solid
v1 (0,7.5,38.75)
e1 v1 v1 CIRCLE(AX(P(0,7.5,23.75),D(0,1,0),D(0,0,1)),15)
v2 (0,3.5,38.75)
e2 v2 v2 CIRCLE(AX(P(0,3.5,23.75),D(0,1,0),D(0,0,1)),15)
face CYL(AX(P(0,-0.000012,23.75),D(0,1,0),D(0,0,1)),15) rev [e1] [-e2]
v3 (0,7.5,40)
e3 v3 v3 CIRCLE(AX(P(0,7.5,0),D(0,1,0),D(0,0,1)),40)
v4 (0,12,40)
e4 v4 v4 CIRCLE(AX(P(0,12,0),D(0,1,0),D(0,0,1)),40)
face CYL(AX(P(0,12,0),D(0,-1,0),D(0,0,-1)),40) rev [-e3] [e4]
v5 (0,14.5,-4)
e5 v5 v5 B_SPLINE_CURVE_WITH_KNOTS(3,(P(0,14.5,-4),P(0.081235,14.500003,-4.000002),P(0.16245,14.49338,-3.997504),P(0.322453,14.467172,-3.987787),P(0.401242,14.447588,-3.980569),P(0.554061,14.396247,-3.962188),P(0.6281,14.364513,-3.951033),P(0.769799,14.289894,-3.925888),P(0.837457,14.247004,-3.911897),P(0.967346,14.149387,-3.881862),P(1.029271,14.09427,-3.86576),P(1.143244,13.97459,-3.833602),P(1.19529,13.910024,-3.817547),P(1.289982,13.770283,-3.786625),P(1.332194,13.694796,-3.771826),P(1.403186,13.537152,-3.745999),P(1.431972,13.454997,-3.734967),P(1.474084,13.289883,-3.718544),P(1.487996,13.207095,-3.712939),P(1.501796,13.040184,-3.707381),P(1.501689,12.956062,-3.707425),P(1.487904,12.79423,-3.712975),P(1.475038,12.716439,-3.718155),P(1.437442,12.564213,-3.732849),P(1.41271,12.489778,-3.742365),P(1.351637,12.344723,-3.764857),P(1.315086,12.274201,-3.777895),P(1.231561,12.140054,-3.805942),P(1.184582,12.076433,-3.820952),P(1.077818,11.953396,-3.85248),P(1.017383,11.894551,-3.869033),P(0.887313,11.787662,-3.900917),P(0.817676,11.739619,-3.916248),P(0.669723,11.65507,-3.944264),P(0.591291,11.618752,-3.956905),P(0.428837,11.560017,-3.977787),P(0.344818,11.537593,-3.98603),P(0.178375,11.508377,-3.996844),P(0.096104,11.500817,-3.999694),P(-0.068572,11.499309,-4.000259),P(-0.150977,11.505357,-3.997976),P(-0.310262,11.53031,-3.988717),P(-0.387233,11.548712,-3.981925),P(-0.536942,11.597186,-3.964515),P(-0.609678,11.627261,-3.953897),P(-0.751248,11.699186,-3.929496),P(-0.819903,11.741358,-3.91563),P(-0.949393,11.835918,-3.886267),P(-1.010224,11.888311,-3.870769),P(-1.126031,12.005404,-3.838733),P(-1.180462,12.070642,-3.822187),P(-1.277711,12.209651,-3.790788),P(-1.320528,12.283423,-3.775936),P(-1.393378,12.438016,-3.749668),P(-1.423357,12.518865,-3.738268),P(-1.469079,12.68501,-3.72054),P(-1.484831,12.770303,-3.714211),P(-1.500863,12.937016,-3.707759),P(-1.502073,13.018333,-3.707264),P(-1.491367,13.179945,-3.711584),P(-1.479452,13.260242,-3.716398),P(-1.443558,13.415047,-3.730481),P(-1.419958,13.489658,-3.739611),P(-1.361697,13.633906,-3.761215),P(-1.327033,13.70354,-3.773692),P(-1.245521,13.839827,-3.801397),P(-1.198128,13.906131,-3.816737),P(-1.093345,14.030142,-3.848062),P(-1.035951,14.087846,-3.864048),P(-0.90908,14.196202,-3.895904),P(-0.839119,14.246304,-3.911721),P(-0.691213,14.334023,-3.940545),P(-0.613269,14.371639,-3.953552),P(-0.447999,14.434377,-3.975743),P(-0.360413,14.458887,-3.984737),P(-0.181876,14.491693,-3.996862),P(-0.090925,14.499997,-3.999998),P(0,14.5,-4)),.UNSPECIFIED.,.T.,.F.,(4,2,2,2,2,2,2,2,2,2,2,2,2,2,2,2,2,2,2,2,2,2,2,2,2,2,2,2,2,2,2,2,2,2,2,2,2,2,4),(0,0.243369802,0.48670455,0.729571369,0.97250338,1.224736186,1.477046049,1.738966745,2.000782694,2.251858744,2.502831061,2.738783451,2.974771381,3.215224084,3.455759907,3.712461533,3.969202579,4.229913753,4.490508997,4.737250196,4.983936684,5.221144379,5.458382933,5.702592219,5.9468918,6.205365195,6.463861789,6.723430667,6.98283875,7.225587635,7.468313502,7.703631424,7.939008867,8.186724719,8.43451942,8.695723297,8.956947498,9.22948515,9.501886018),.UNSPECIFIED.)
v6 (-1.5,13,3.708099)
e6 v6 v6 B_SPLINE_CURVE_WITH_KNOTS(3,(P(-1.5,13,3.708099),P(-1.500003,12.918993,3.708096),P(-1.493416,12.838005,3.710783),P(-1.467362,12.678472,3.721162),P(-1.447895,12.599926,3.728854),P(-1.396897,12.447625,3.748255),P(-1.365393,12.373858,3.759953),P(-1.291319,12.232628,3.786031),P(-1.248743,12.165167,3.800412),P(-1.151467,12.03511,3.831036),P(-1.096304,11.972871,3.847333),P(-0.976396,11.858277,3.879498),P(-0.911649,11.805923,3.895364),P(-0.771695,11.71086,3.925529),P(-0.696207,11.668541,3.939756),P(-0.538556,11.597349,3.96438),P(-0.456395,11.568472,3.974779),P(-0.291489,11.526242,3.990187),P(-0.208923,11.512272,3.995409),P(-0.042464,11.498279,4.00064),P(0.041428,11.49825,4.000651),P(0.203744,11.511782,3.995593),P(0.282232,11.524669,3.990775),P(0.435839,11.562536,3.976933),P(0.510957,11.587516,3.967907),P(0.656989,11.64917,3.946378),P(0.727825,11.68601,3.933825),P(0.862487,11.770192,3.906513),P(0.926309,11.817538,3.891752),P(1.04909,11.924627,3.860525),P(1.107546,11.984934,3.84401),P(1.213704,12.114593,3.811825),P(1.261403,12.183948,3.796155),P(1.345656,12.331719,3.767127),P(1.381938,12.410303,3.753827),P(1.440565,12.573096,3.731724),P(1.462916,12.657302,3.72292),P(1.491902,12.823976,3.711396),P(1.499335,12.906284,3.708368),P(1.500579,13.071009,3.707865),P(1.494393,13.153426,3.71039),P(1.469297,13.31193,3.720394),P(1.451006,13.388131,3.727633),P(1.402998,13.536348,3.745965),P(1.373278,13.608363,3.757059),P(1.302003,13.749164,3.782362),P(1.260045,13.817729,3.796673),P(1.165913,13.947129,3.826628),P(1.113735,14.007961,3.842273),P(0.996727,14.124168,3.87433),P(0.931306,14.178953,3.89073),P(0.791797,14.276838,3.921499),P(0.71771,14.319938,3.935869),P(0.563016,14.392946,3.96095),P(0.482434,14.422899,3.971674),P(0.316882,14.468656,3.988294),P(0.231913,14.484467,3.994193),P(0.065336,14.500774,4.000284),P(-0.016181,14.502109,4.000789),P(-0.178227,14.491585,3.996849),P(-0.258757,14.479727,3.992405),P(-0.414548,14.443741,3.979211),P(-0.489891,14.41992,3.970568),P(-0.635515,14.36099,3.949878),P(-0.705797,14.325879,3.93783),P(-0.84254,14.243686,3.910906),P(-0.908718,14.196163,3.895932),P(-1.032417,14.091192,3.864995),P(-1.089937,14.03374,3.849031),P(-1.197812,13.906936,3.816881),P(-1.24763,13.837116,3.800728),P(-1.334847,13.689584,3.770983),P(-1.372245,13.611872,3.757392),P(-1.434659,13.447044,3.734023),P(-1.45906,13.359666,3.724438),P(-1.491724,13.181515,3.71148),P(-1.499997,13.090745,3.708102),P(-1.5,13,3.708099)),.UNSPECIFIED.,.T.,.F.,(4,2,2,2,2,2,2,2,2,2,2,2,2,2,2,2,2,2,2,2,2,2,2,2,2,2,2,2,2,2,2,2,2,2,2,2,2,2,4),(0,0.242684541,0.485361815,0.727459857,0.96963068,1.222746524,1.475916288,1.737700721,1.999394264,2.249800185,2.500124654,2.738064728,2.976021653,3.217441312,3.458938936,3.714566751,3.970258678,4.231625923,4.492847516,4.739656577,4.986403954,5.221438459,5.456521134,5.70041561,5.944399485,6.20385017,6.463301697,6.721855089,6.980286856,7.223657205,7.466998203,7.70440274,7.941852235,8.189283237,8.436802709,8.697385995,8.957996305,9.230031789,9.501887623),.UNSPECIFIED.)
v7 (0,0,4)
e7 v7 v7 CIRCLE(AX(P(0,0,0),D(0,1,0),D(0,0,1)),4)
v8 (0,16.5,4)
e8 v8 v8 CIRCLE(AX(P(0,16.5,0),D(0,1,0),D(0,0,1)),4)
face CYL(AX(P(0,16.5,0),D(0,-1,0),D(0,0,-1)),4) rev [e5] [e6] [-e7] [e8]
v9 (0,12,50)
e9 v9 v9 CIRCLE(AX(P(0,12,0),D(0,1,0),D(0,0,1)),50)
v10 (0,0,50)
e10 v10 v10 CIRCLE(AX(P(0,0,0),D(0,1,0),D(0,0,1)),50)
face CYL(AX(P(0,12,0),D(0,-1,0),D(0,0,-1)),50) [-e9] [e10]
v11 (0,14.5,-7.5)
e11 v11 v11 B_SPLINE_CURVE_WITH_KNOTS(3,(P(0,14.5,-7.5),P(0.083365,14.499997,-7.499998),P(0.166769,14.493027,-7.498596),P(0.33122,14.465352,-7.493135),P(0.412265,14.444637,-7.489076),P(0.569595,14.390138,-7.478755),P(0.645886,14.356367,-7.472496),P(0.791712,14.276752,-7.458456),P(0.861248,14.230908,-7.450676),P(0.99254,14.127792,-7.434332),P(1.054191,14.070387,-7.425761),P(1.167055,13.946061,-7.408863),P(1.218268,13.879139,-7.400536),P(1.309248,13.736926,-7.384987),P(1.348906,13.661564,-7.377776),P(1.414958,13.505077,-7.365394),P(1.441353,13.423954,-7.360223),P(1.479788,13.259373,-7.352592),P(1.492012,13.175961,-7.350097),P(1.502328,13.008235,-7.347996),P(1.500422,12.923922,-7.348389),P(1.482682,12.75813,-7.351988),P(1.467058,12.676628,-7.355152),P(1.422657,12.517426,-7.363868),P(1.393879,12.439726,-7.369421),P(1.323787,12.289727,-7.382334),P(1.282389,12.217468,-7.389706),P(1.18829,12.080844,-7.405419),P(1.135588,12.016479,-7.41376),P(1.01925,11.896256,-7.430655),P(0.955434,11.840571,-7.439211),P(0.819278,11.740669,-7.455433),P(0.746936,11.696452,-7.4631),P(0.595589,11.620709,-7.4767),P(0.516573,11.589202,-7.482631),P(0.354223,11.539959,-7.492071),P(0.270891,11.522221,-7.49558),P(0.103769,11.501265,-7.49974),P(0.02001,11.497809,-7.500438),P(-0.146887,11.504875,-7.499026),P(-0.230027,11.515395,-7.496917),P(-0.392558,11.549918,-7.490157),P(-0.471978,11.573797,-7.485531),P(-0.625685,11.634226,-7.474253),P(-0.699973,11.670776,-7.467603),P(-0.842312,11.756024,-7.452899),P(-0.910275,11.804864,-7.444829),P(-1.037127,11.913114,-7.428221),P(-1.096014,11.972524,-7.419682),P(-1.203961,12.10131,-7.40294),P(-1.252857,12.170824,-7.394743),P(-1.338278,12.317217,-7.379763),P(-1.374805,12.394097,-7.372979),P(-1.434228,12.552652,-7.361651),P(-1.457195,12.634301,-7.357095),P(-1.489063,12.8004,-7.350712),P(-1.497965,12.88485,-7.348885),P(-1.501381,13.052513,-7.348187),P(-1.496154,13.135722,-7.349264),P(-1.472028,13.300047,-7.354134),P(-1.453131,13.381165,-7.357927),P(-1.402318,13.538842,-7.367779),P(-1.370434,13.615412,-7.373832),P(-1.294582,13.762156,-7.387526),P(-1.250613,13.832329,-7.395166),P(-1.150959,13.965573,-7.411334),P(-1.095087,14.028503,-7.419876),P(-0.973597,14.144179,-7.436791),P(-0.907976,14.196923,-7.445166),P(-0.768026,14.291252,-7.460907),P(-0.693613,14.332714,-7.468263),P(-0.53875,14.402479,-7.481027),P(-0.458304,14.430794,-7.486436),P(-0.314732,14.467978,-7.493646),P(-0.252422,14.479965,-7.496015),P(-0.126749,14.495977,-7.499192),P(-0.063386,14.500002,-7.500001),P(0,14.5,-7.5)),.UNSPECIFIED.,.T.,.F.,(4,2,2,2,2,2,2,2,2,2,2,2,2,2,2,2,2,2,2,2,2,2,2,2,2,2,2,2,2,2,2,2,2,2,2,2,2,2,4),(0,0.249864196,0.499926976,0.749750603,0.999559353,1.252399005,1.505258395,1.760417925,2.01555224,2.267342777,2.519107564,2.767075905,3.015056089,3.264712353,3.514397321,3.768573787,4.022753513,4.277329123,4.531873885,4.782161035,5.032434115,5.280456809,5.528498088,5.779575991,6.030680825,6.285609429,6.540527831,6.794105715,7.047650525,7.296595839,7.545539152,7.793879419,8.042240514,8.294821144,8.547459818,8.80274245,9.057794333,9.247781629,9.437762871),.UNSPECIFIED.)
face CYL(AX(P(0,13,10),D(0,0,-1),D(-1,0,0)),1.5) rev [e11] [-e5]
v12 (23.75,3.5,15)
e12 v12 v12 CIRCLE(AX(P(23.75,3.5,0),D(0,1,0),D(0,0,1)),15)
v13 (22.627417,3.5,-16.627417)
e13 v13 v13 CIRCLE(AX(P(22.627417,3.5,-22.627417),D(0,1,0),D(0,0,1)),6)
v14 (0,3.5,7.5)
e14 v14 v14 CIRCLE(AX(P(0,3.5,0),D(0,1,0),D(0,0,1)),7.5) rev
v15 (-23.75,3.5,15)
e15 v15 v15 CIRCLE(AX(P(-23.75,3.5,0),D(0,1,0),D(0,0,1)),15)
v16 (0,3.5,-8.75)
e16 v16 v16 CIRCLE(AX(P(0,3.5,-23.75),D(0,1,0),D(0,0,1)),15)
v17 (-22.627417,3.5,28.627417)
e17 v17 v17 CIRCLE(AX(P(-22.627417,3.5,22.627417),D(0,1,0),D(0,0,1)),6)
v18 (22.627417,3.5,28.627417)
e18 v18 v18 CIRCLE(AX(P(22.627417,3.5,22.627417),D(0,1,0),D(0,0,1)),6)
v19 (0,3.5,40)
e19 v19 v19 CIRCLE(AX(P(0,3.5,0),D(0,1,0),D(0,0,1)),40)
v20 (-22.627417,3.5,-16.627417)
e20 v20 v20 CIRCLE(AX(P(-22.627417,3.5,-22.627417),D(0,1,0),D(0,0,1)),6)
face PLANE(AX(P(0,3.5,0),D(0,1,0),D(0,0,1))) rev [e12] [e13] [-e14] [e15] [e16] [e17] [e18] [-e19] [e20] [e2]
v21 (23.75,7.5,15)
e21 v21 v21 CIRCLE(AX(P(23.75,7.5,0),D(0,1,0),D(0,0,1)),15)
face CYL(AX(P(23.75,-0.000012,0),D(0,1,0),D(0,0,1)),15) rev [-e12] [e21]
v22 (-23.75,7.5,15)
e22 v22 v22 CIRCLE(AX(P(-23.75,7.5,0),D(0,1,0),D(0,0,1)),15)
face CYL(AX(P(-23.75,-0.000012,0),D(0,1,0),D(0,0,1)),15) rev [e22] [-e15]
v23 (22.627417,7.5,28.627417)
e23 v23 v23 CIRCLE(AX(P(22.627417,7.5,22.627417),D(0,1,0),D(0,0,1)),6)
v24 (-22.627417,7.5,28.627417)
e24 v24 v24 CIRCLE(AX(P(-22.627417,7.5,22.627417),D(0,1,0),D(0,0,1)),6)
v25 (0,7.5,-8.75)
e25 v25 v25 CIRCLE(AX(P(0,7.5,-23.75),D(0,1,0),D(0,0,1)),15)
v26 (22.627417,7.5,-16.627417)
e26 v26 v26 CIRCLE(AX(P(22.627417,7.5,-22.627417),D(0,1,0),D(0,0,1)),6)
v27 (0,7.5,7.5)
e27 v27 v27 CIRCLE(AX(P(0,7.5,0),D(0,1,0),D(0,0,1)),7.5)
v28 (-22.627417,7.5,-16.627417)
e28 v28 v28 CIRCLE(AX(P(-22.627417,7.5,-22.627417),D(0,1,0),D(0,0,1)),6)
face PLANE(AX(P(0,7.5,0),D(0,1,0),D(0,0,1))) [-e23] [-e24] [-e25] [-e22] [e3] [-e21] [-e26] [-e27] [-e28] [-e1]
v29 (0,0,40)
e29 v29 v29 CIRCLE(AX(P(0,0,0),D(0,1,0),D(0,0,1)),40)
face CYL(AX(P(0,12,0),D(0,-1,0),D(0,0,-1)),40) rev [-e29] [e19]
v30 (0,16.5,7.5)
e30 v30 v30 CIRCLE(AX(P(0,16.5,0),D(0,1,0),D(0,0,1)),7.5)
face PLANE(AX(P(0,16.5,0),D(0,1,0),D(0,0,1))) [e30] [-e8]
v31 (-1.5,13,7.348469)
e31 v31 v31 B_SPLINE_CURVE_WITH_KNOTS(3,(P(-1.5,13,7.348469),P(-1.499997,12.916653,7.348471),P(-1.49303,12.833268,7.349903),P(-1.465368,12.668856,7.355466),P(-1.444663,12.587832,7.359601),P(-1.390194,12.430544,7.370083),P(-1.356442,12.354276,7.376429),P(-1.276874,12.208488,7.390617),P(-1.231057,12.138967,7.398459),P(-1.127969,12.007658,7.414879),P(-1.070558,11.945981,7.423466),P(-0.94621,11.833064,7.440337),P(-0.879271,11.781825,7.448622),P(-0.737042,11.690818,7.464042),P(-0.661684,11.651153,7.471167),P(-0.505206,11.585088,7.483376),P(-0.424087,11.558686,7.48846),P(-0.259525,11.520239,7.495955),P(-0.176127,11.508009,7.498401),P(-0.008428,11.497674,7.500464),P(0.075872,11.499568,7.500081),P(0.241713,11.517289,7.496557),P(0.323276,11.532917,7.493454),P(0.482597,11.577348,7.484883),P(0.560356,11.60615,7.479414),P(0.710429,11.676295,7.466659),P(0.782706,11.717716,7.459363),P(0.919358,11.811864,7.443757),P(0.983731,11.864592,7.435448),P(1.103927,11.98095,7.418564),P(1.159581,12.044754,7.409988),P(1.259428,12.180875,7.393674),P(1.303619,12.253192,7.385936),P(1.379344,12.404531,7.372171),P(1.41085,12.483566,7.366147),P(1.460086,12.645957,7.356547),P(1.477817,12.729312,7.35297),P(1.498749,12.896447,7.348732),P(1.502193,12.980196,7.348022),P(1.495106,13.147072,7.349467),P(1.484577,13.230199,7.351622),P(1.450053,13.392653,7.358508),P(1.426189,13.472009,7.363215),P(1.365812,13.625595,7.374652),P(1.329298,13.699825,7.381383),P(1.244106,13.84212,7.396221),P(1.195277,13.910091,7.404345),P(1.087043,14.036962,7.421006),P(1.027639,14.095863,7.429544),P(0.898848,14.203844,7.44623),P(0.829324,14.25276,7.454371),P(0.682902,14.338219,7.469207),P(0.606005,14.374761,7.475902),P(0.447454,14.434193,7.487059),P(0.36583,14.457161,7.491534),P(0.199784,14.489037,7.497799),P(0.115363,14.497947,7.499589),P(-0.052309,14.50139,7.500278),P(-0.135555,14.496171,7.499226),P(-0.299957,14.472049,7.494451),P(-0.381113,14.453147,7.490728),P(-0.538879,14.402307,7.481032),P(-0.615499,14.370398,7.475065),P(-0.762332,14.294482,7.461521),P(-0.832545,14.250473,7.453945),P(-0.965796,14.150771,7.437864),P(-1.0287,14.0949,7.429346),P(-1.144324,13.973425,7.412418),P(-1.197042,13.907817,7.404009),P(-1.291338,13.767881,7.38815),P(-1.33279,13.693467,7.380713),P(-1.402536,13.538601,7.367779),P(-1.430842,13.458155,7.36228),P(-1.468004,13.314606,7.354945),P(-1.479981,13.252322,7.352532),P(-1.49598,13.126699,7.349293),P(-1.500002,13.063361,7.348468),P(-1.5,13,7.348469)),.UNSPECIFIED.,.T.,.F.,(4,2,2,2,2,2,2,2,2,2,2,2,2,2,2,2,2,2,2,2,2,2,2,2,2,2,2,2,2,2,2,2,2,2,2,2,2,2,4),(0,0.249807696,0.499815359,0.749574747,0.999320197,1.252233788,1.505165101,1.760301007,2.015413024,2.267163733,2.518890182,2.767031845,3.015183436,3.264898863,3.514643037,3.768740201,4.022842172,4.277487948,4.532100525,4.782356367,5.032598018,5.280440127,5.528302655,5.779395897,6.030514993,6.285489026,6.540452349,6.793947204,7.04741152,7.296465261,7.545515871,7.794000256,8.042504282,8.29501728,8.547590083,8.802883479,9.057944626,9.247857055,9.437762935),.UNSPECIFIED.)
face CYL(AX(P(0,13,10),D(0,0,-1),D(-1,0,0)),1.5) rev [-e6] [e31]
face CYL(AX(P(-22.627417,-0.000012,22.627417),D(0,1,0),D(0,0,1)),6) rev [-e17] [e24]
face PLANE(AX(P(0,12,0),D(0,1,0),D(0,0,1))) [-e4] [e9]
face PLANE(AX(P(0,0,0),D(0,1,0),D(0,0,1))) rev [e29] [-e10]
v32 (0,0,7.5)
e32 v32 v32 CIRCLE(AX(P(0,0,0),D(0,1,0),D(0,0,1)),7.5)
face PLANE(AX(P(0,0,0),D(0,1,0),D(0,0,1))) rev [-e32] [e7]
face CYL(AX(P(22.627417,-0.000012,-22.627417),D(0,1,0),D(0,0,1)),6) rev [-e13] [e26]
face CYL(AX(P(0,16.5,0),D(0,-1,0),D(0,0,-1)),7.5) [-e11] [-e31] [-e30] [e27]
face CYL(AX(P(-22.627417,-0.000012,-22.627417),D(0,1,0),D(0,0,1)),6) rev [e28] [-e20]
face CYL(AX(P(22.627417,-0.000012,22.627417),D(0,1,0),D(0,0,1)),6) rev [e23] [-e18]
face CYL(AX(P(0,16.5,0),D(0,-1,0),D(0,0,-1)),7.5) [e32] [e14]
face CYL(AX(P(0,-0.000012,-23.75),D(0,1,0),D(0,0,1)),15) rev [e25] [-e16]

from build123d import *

# Parameters (mm, degrees)
SKETCH1_R               = 50
SKETCH1_R_2             = 40
BOSS_EXTRUDE1_DEPTH     = 12
SKETCH1_4_R             = 7.5
SKETCH1_4_R_2           = 4
BOSS_EXTRUDE2_DEPTH     = 16.5
BOSS_EXTRUDE3_START     = 3.5
SKETCH1_5_R             = 40
SKETCH1_5_R_2           = 7.5
BOSS_EXTRUDE3_DEPTH     = 4
SKETCH2_R               = 15
SKETCH2_R_2             = 6
CUT_EXTRUDE3_DEPTH      = 17.5
CUT_EXTRUDE3_DEPTH_BACK = 1
SKETCH3_R               = 1.5
CUT_EXTRUDE4_DEPTH      = 10
CUT_EXTRUDE4_DEPTH_BACK = 10


with BuildPart() as part:
    # Sketch1 → Boss-Extrude1 (new body)
    with BuildSketch(Plane(origin=(0, 0, 0), x_dir=(1, 0, 0), z_dir=(0, 1, 0))):
        Circle(SKETCH1_R)
        Circle(SKETCH1_R_2, mode=Mode.SUBTRACT)
    extrude(amount=BOSS_EXTRUDE1_DEPTH)



with BuildPart() as body_2:
    # Sketch1<4> → Boss-Extrude2 (new body)
    with BuildSketch(Plane(origin=(0, 0, 0), x_dir=(1, 0, 0), z_dir=(0, 1, 0))):
        Circle(SKETCH1_4_R)
        Circle(SKETCH1_4_R_2, mode=Mode.SUBTRACT)
    extrude(amount=BOSS_EXTRUDE2_DEPTH)


with BuildPart() as part_1:
    add(part.part)

    add(body_2.part)  # Boss-Extrude3 merges body 2
    # Sketch1<5> → Boss-Extrude3 (add)
    with BuildSketch(Plane(origin=(0, 0, 0), x_dir=(1, 0, 0), z_dir=(0, 1, 0)).offset(BOSS_EXTRUDE3_START)):
        Circle(SKETCH1_5_R)
        Circle(SKETCH1_5_R_2, mode=Mode.SUBTRACT)
    extrude(amount=BOSS_EXTRUDE3_DEPTH)

    # Sketch2 → Cut-Extrude3 (cut, two sides)
    with BuildSketch(Plane(origin=(0, 0, 0), x_dir=(1, 0, 0), z_dir=(0, 1, 0))) as cut_extrude3_sk:
        with Locations((-23.75, 0)):
            Circle(SKETCH2_R)
        with Locations((0, -23.75)):
            Circle(SKETCH2_R)
        with Locations((-22.627416998, -22.627416998)):
            Circle(SKETCH2_R_2)
        with Locations((-22.627416998, 22.627416998)):
            Circle(SKETCH2_R_2)
        with Locations((0, 23.75)):
            Circle(SKETCH2_R)
        with Locations((23.75, 0)):
            Circle(SKETCH2_R)
        with Locations((22.627416998, -22.627416998)):
            Circle(SKETCH2_R_2)
        with Locations((22.627416998, 22.627416998)):
            Circle(SKETCH2_R_2)
    extrude(amount=CUT_EXTRUDE3_DEPTH, mode=Mode.SUBTRACT)
    extrude(cut_extrude3_sk.sketch, amount=-CUT_EXTRUDE3_DEPTH_BACK, mode=Mode.SUBTRACT)

    # Sketch3 → Cut-Extrude4 (cut, two sides)
    with BuildSketch(Plane.XY) as cut_extrude4_sk:
        with Locations((0, 13)):
            Circle(SKETCH3_R)
    extrude(amount=CUT_EXTRUDE4_DEPTH, mode=Mode.SUBTRACT)
    extrude(cut_extrude4_sk.sketch, amount=-CUT_EXTRUDE4_DEPTH_BACK, mode=Mode.SUBTRACT)


solid = part_1.part
